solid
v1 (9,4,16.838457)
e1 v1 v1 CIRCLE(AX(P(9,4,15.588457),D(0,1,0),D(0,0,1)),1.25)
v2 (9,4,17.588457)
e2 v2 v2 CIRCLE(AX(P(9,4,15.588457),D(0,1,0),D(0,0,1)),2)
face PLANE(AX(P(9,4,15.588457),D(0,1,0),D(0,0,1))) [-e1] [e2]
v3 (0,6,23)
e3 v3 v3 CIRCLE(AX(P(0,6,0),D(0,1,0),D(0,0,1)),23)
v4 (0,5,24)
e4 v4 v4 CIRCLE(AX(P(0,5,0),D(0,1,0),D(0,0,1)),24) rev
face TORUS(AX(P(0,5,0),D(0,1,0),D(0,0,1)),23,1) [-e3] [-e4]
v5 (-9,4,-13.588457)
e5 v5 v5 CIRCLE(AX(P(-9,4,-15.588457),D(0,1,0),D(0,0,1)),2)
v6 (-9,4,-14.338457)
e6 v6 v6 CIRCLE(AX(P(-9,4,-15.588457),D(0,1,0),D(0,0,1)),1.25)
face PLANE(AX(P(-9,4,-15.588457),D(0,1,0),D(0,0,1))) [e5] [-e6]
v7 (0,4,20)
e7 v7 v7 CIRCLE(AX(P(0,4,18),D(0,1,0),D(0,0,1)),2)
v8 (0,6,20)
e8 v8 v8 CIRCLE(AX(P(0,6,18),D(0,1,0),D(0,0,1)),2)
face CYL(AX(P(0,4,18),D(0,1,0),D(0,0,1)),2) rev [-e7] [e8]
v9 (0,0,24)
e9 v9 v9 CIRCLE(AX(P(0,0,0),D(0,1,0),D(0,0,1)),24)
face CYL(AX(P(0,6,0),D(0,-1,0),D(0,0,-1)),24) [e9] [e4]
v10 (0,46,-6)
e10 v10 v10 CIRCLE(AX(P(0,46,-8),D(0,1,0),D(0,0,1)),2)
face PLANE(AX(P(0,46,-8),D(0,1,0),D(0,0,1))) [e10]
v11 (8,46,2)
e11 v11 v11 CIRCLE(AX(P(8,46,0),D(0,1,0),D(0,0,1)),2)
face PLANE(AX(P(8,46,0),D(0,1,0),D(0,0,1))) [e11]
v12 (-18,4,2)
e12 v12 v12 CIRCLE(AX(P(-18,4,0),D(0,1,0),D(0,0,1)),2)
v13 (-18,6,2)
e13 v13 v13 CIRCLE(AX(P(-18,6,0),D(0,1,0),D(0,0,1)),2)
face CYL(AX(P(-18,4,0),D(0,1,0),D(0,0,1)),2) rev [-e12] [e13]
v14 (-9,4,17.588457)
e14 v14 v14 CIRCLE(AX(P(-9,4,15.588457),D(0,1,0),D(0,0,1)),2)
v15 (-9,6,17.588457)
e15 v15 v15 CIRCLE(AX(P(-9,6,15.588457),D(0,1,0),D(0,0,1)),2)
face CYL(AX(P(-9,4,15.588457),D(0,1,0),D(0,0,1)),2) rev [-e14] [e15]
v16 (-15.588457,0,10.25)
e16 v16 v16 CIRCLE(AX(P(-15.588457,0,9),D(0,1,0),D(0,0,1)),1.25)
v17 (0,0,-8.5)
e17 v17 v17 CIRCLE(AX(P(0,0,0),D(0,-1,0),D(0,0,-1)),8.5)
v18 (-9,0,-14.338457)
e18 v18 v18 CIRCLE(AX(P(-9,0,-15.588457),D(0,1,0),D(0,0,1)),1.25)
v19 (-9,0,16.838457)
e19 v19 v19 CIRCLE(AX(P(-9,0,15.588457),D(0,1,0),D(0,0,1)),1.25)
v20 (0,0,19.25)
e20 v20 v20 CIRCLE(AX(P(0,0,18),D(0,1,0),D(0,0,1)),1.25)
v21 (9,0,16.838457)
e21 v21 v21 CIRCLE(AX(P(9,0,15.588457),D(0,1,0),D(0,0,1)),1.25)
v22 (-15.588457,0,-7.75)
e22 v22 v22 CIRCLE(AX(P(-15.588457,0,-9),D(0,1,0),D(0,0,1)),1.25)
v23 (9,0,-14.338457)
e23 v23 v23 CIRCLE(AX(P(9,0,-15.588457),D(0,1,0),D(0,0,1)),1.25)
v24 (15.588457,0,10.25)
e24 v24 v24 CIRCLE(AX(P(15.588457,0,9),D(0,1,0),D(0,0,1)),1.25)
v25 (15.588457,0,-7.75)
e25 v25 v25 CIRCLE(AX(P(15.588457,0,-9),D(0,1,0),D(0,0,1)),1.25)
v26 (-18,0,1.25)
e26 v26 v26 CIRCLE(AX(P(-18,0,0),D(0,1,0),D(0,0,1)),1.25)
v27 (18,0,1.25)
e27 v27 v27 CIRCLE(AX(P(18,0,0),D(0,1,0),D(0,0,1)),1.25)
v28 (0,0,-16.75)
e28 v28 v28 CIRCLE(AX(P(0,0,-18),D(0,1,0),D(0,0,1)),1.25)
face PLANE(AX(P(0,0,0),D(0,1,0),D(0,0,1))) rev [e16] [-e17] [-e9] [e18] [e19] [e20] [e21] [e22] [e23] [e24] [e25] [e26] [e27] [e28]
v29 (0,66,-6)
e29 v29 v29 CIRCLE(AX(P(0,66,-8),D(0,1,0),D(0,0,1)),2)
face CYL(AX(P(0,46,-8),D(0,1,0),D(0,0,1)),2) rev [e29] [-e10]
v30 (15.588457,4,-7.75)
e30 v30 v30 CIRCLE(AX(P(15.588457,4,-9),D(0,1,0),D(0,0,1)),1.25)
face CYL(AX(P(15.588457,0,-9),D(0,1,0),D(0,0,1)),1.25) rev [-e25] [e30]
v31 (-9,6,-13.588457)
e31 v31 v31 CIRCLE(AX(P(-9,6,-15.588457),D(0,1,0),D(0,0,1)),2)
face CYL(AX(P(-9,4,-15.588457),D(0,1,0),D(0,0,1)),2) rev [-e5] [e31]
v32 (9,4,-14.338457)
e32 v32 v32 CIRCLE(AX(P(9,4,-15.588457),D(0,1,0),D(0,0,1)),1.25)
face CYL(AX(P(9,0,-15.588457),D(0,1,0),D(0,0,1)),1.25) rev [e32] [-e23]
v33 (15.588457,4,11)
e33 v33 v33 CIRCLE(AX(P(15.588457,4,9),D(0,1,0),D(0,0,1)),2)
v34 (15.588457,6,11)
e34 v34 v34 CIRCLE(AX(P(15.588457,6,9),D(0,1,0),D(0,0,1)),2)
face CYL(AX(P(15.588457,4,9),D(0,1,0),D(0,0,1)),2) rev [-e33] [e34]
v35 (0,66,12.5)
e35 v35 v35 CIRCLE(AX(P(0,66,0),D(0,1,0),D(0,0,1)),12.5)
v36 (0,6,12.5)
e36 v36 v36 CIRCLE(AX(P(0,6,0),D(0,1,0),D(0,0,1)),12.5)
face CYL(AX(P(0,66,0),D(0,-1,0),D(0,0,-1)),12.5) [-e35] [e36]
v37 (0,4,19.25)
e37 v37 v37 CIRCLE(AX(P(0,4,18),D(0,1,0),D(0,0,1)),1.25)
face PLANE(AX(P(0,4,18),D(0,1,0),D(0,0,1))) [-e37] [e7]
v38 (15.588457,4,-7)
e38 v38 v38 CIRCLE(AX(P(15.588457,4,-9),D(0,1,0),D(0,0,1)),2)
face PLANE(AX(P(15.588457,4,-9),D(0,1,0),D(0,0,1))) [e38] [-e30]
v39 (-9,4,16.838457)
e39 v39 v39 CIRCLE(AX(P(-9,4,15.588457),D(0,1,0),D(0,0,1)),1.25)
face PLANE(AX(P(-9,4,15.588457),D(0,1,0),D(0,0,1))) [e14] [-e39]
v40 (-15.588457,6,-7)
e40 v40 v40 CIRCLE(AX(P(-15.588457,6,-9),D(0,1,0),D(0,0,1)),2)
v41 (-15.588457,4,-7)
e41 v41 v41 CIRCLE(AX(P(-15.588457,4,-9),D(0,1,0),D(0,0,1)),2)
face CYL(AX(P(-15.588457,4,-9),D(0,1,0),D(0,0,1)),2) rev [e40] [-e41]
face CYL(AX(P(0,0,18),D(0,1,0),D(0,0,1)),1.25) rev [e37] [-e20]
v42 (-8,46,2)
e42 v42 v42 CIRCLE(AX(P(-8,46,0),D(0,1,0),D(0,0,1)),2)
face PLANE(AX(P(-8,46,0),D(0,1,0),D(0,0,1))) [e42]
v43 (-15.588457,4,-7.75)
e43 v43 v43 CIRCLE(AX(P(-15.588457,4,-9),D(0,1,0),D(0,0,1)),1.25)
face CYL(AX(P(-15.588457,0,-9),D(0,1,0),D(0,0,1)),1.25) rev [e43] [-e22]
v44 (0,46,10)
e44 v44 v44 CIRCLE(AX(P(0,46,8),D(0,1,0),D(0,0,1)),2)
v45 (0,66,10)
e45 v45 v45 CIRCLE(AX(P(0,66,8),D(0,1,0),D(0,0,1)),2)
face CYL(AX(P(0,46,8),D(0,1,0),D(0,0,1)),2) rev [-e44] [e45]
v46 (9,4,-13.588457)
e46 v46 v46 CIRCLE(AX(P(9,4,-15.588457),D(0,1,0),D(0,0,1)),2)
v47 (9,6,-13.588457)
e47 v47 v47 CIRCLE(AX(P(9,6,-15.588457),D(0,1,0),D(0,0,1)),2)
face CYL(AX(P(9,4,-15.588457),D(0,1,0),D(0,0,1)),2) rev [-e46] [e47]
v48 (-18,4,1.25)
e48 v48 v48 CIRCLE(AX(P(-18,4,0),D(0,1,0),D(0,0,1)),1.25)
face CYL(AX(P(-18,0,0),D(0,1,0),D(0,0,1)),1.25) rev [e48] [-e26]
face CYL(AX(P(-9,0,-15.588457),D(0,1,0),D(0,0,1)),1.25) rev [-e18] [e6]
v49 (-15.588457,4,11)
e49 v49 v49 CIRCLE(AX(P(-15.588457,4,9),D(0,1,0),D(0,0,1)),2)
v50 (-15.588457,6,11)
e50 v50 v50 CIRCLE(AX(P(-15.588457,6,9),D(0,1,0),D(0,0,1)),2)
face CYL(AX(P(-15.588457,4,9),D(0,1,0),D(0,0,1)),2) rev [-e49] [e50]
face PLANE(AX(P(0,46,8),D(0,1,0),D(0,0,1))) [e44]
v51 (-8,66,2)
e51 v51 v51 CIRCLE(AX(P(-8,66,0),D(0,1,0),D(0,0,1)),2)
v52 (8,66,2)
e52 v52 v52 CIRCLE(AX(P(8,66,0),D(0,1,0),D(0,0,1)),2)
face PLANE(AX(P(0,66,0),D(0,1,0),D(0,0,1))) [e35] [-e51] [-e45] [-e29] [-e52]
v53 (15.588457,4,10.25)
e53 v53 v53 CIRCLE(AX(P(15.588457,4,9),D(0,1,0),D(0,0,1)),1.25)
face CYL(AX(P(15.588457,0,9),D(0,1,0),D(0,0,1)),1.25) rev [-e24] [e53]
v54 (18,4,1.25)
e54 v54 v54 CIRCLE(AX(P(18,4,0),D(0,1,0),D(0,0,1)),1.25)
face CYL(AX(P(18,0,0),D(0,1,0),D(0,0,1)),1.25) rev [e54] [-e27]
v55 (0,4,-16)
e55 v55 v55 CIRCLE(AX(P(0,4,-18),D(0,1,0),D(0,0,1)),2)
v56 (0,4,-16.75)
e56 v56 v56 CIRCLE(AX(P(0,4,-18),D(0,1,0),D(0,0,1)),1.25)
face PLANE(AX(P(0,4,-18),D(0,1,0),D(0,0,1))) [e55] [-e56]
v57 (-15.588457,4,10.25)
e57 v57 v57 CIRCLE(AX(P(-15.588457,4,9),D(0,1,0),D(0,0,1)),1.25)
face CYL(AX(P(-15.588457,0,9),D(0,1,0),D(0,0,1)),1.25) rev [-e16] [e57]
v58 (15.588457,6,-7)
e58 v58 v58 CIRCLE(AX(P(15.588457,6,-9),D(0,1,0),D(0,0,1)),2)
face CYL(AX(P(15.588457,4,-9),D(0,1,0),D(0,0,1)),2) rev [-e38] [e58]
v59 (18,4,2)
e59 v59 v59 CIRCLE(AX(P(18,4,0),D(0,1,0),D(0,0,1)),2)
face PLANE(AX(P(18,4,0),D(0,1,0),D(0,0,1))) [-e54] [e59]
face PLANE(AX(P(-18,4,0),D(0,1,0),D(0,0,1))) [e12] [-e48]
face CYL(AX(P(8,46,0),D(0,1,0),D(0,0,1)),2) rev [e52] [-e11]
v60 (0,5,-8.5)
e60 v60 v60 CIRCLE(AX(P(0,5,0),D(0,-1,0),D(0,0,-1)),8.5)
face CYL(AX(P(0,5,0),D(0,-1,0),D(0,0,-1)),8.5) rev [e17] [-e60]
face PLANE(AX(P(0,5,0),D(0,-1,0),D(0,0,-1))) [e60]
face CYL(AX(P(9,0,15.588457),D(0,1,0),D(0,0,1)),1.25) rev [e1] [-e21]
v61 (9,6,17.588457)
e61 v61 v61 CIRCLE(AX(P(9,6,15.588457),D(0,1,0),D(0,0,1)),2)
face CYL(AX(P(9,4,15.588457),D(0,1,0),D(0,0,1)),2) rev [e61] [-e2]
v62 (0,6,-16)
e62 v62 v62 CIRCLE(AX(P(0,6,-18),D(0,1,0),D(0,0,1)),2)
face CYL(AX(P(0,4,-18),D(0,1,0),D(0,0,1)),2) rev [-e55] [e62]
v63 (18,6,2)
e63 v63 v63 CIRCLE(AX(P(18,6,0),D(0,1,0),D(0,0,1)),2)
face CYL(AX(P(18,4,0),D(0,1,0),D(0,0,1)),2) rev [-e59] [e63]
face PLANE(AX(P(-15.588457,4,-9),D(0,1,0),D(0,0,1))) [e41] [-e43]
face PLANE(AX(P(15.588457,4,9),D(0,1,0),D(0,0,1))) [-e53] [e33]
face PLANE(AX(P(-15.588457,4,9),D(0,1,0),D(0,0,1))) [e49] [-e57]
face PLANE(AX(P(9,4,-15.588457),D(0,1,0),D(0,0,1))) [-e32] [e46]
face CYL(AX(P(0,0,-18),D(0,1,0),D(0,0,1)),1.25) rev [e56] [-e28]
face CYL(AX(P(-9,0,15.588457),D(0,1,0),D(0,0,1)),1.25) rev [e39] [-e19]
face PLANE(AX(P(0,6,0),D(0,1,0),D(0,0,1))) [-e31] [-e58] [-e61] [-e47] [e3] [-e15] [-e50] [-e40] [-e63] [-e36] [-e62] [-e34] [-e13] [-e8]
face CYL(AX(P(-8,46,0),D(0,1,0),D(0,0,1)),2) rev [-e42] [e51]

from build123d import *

# Parameters (mm, degrees)
SKETCH1_R           = 24
BOSS_EXTRUDE1_DEPTH = 6
SKETCH2_R           = 2
CUT_EXTRUDE1_DEPTH  = 2
SKETCH3_R           = 1.25
CUT_EXTRUDE2_DEPTH  = 35.176014981
SKETCH4_R           = 12.5
BOSS_EXTRUDE2_DEPTH = 60
SKETCH5_R           = 8.5
CUT_EXTRUDE3_DEPTH  = 5
FILLET1_R           = 1
SKETCH6_R           = 2
CUT_EXTRUDE4_DEPTH  = 20


with BuildPart() as part:
    # Sketch1 → Boss-Extrude1 (new body)
    with BuildSketch(Plane(origin=(0, 0, 0), x_dir=(1, 0, 0), z_dir=(0, 1, 0))):
        with Locations(Location((0, 0, 0), (0, 0, 270))):
            Circle(SKETCH1_R)
    extrude(amount=BOSS_EXTRUDE1_DEPTH)

    # Sketch2 → Cut-Extrude1 (cut)
    with BuildSketch(Plane(origin=(0, 6, 0), x_dir=(1, 0, 0), z_dir=(0, 1, 0))):
        with Locations(Location((0, 18, 0), (0, 0, 270))):
            Circle(SKETCH2_R)
        with Locations(Location((9, 15.588457268, 0), (0, 0, 270))):
            Circle(SKETCH2_R)
        with Locations(Location((15.588457268, 9, 0), (0, 0, 270))):
            Circle(SKETCH2_R)
        with Locations(Location((18, 0, 0), (0, 0, 270))):
            Circle(SKETCH2_R)
        with Locations(Location((15.588457268, -9, 0), (0, 0, 270))):
            Circle(SKETCH2_R)
        with Locations(Location((9, -15.588457268, 0), (0, 0, 270))):
            Circle(SKETCH2_R)
        with Locations(Location((0, -18, 0), (0, 0, 270))):
            Circle(SKETCH2_R)
        with Locations(Location((-9, -15.588457268, 0), (0, 0, 270))):
            Circle(SKETCH2_R)
        with Locations(Location((-15.588457268, -9, 0), (0, 0, 270))):
            Circle(SKETCH2_R)
        with Locations(Location((-18, 0, 0), (0, 0, 270))):
            Circle(SKETCH2_R)
        with Locations(Location((-15.588457268, 9, 0), (0, 0, 270))):
            Circle(SKETCH2_R)
        with Locations(Location((-9, 15.588457268, 0), (0, 0, 270))):
            Circle(SKETCH2_R)
    extrude(amount=-CUT_EXTRUDE1_DEPTH, mode=Mode.SUBTRACT)

    # Sketch3 → Cut-Extrude2 (cut, through all)
    with BuildSketch(Plane(origin=(0, 4, 0), x_dir=(1, 0, 0), z_dir=(0, 1, 0))):
        with Locations(Location((0, 18, 0), (0, 0, 270))):
            Circle(SKETCH3_R)
        with Locations(Location((9, 15.588457268, 0), (0, 0, 270))):
            Circle(SKETCH3_R)
        with Locations(Location((15.588457268, 9, 0), (0, 0, 270))):
            Circle(SKETCH3_R)
        with Locations(Location((18, 0, 0), (0, 0, 270))):
            Circle(SKETCH3_R)
        with Locations(Location((15.588457268, -9, 0), (0, 0, 270))):
            Circle(SKETCH3_R)
        with Locations(Location((9, -15.588457268, 0), (0, 0, 270))):
            Circle(SKETCH3_R)
        with Locations(Location((0, -18, 0), (0, 0, 270))):
            Circle(SKETCH3_R)
        with Locations(Location((-9, -15.588457268, 0), (0, 0, 270))):
            Circle(SKETCH3_R)
        with Locations(Location((-15.588457268, -9, 0), (0, 0, 270))):
            Circle(SKETCH3_R)
        with Locations(Location((-18, 0, 0), (0, 0, 270))):
            Circle(SKETCH3_R)
        with Locations(Location((-15.588457268, 9, 0), (0, 0, 270))):
            Circle(SKETCH3_R)
        with Locations(Location((-9, 15.588457268, 0), (0, 0, 270))):
            Circle(SKETCH3_R)
    extrude(amount=-CUT_EXTRUDE2_DEPTH, mode=Mode.SUBTRACT)

    # Sketch4 → Boss-Extrude2 (add)
    with BuildSketch(Plane(origin=(0, 6, 0), x_dir=(1, 0, 0), z_dir=(0, 1, 0))):
        with Locations(Location((0, 0, 0), (0, 0, 270))):
            Circle(SKETCH4_R)
    extrude(amount=BOSS_EXTRUDE2_DEPTH)

    # Sketch5 → Cut-Extrude3 (cut)
    with BuildSketch(Plane.XZ):
        with Locations(Location((0, 0, 0), (0, 0, 270))):
            Circle(SKETCH5_R)
    extrude(amount=-CUT_EXTRUDE3_DEPTH, mode=Mode.SUBTRACT)

    # Fillet1
    fillet1_edges = [part.edges().sort_by_distance(p)[0] for p in [
        (0, 6, -24),
    ]]
    fillet(fillet1_edges, radius=FILLET1_R)

    # Sketch6 → Cut-Extrude4 (cut)
    with BuildSketch(Plane(origin=(0, 66, 0), x_dir=(1, 0, 0), z_dir=(0, 1, 0))):
        with Locations(Location((0, 8, 0), (0, 0, 270))):
            Circle(SKETCH6_R)
        with Locations(Location((8, 0, 0), (0, 0, 270))):
            Circle(SKETCH6_R)
        with Locations(Location((0, -8, 0), (0, 0, 270))):
            Circle(SKETCH6_R)
        with Locations(Location((-8, 0, 0), (0, 0, 270))):
            Circle(SKETCH6_R)
    extrude(amount=-CUT_EXTRUDE4_DEPTH, mode=Mode.SUBTRACT)


solid = part.part
